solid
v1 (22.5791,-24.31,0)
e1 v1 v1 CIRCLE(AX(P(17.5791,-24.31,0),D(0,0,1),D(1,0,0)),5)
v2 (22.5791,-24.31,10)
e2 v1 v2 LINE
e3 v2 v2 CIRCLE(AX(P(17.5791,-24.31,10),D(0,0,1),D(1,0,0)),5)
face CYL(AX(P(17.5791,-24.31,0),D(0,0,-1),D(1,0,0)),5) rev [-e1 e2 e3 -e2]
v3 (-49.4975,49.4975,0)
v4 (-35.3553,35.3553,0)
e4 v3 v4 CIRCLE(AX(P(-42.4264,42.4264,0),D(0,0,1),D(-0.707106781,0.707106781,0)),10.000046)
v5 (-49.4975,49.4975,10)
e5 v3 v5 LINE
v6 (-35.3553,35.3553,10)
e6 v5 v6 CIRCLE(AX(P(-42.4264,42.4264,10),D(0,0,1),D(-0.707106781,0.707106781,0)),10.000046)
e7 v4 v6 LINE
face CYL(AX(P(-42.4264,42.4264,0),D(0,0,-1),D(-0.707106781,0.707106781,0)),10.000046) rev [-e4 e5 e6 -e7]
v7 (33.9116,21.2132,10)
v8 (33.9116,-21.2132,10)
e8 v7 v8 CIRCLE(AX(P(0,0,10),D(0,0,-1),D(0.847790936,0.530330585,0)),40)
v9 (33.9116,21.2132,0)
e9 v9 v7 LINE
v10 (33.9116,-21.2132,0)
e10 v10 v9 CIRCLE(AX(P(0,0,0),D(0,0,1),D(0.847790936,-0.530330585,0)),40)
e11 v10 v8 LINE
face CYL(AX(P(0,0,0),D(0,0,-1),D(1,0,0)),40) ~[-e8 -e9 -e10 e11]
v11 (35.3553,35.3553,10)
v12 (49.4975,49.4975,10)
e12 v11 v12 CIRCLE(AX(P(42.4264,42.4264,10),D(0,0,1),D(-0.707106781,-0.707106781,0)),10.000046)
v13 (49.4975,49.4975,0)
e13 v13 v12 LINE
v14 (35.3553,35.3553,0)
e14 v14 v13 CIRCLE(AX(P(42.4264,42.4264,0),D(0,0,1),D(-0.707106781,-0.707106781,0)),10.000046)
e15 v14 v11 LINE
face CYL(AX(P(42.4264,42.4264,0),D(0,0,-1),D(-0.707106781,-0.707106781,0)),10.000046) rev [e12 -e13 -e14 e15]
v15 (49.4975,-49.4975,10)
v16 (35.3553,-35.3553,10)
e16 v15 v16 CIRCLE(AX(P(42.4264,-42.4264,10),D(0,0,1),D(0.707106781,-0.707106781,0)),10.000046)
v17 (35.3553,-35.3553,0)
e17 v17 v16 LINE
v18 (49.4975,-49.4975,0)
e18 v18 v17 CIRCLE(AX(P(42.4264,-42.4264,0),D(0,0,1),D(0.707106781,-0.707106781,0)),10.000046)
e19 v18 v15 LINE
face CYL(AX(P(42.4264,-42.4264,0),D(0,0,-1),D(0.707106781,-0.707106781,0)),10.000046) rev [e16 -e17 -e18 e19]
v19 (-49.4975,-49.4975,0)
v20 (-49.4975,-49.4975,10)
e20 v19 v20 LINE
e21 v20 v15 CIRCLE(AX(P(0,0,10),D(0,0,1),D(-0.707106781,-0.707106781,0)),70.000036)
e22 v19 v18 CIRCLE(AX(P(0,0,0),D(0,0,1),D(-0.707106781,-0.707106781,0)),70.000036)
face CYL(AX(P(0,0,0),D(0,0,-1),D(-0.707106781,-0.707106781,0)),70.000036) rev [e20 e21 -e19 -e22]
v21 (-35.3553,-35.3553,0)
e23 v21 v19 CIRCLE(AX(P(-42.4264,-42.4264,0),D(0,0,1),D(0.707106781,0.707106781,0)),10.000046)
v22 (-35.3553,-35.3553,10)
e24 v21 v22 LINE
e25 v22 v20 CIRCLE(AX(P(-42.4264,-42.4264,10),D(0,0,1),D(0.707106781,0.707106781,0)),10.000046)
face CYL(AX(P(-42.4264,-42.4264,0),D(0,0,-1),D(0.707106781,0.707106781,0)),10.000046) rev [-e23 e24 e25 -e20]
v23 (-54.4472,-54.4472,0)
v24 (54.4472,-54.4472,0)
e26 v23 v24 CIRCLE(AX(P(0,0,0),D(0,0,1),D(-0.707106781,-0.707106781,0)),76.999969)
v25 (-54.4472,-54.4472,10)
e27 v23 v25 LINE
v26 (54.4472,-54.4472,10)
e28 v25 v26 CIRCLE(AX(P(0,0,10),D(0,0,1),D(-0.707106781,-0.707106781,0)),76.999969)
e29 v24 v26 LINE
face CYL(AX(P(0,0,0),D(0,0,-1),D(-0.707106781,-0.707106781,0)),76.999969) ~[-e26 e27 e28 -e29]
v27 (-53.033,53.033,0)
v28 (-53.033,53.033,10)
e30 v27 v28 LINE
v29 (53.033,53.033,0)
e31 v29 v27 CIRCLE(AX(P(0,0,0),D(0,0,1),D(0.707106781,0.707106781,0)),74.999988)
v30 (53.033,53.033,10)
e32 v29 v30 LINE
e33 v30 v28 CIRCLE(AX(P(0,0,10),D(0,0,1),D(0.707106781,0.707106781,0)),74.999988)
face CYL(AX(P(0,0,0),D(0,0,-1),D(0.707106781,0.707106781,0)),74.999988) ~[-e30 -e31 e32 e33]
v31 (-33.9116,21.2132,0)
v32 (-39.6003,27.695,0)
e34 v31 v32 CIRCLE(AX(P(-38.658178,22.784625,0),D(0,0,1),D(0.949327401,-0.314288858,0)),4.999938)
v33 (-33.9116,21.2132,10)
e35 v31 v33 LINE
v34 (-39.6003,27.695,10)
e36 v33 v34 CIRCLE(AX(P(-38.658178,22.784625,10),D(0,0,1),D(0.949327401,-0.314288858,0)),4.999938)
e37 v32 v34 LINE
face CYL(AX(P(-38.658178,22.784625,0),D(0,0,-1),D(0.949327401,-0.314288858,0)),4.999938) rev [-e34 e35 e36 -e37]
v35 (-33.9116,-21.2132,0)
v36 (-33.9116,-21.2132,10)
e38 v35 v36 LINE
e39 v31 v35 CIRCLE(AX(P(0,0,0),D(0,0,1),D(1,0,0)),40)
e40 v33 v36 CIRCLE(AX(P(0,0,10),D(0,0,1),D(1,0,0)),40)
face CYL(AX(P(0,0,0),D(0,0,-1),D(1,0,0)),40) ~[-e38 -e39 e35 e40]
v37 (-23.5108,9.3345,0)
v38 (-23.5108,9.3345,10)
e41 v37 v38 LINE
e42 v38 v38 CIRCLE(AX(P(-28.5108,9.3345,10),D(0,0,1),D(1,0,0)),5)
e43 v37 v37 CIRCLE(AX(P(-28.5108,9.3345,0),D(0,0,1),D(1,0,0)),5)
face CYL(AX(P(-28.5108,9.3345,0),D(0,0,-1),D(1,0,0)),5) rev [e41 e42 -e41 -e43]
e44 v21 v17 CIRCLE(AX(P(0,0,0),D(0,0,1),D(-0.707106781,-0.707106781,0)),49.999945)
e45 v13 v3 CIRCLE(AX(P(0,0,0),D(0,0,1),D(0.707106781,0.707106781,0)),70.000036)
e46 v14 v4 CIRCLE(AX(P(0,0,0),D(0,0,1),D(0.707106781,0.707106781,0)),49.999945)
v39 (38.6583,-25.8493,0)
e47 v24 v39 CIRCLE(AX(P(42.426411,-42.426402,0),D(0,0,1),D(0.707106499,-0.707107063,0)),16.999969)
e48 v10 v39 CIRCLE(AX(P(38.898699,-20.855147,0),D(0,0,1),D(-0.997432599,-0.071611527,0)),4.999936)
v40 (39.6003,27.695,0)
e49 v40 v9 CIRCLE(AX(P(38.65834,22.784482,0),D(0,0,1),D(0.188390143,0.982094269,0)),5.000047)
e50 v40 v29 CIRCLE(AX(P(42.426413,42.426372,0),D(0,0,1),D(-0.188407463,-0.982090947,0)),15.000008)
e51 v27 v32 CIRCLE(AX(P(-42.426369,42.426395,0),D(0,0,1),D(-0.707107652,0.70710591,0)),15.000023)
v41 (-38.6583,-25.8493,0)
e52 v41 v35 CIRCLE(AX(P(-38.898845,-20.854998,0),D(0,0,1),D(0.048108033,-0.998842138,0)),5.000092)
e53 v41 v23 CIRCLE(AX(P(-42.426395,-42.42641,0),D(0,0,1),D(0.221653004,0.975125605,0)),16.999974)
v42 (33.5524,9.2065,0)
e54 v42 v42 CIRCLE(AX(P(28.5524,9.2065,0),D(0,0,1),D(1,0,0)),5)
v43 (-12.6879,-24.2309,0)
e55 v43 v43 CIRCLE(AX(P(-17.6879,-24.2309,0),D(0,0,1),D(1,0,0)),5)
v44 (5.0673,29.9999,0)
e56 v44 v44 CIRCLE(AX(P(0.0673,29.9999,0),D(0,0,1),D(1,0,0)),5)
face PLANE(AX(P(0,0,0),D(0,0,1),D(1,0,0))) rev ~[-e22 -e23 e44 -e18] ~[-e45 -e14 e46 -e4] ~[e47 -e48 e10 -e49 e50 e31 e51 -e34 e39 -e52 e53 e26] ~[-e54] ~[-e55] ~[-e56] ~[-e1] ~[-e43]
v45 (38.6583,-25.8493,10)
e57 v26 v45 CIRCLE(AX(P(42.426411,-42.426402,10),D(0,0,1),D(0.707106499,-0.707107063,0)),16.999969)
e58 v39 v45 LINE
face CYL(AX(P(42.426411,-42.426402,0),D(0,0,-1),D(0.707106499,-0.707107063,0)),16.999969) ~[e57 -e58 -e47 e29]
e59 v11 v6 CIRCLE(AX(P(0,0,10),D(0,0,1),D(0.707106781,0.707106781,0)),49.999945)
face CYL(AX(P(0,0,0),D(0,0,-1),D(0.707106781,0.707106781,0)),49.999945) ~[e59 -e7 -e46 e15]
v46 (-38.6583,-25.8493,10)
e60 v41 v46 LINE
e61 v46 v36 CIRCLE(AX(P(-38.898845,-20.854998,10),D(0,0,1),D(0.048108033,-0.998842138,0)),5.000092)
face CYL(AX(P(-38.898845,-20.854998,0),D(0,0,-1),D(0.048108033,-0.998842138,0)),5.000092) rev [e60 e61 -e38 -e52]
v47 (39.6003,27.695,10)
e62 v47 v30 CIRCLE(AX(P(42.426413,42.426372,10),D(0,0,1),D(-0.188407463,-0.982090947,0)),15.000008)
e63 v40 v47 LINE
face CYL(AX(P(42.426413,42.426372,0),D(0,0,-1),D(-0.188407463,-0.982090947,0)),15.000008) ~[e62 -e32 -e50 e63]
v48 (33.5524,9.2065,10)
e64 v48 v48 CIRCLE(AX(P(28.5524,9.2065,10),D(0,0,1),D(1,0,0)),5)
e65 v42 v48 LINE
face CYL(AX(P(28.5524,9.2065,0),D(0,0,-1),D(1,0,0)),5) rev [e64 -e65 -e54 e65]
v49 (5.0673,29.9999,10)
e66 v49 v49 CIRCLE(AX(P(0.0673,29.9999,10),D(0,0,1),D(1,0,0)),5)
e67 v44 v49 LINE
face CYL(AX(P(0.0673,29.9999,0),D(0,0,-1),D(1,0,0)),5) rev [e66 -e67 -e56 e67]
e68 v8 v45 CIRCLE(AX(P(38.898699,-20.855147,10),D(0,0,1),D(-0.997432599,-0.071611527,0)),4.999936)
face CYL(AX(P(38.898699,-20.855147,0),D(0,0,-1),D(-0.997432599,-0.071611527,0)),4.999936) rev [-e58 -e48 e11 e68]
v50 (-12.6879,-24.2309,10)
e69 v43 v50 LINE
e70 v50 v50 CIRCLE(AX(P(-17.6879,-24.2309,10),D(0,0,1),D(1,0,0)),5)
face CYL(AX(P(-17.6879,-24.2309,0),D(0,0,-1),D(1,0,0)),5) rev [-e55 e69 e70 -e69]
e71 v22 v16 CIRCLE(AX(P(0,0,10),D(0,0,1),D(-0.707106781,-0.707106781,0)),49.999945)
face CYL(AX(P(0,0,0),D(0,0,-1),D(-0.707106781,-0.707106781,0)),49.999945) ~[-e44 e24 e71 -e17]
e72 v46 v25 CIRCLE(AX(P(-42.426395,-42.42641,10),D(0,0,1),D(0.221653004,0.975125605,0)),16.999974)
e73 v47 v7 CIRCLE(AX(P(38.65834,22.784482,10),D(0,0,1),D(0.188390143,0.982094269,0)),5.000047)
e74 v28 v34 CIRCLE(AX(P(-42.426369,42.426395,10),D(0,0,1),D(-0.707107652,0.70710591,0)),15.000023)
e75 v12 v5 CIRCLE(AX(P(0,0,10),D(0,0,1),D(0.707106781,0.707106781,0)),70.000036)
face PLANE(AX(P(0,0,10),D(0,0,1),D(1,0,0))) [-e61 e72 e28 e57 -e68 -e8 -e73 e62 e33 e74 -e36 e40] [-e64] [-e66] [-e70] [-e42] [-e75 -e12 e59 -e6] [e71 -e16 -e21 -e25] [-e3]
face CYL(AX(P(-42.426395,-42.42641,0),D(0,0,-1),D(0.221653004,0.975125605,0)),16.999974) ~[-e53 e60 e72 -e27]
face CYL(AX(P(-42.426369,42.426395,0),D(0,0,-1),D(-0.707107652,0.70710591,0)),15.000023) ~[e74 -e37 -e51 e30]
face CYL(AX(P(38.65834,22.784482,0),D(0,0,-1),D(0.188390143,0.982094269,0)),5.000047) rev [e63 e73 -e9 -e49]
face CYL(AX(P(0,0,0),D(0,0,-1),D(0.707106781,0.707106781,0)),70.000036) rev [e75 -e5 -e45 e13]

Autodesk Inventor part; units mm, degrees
ref_plane "YZ Plane" through (0, 0, 0) normal (1, 0, 0) x (0, 1, 0)
ref_plane "XZ Plane" through (0, 0, 0) normal (0, 1, 0) x (-1, 0, 0)
ref_plane "XY Plane" through (0, 0, 0) normal (0, 0, 1) x (1, 0, 0)
sketch "Эскиз1" plane through (0, 0, 0) normal (0, 0, 1) x (1, 0, 0)
  circle A0 centre (0, 0) radius 40
  circle A1 centre (0, 0) radius 30 construction
  line L0 (17.5791, -24.31) -> (-17.6879, -24.2309) construction
  line L1 (-17.6879, -24.2309) -> (-28.5108, 9.3345) construction
  line L2 (-28.5108, 9.3345) -> (0.0673, 29.9999) construction
  line L3 (0.0673, 29.9999) -> (28.5524, 9.2065) construction
  line L4 (28.5524, 9.2065) -> (17.5791, -24.31) construction
  circle A2 centre (-28.5108, 9.3345) radius 5
  circle A3 centre (0.0673, 29.9999) radius 5
  circle A4 centre (28.5524, 9.2065) radius 5
  circle A5 centre (17.5791, -24.31) radius 5
  circle A6 centre (-17.6879, -24.2309) radius 5
  circle A7 centre (0, 0) radius 60 construction
  line L5 (0, 0) -> (42.4264, 42.4264)
  line L6 (0, 0) -> (60, 0) construction
  line L7 (42.4264, 42.4264) -> (-42.4264, 42.4264) construction
  line L8 (-42.4264, 42.4264) -> (-42.4264, -42.4264) construction
  line L9 (42.4264, -42.4264) -> (42.4264, 42.4264) construction
  line L10 (-42.4264, -42.4264) -> (42.4264, -42.4264) construction
  arc A8 (42.4264, 42.4264) -> (-42.4264, 42.4264) centre (0, 0) ccw construction
  arc A9 (49.4975, 49.4975) -> (-49.4975, 49.4975) centre (0, 0) ccw
  arc A10 (35.3553, 35.3553) -> (-35.3553, 35.3553) centre (0, 0) ccw
  arc A11 (35.3553, 35.3553) -> (49.4975, 49.4975) centre (42.4264, 42.4264) ccw
  arc A12 (-49.4975, 49.4975) -> (-35.3553, 35.3553) centre (-42.4264, 42.4264) ccw
  arc A13 (42.4264, 42.4264) -> (-42.4264, 42.4264) centre (0, 0) ccw construction
  arc A14 (53.033, 53.033) -> (-53.033, 53.033) centre (0, 0) ccw
  arc A15 (-42.4264, -42.4264) -> (42.4264, -42.4264) centre (0, 0) ccw construction
  arc A16 (-49.4975, -49.4975) -> (49.4975, -49.4975) centre (0, 0) ccw
  arc A17 (-35.3553, -35.3553) -> (35.3553, -35.3553) centre (0, 0) ccw
  arc A18 (-35.3553, -35.3553) -> (-49.4975, -49.4975) centre (-42.4264, -42.4264) ccw
  arc A19 (49.4975, -49.4975) -> (35.3553, -35.3553) centre (42.4264, -42.4264) ccw
  arc A20 (-42.4264, -42.4264) -> (42.4264, -42.4264) centre (0, 0) ccw construction
  arc A21 (-54.4472, -54.4472) -> (54.4472, -54.4472) centre (0, 0) ccw
  arc A22 (-33.9116, 21.2132) -> (-39.6003, 27.695) centre (-38.6583, 22.7846) ccw
  arc A23 (39.6003, 27.695) -> (33.9116, 21.2132) centre (38.6583, 22.7846) ccw
  arc A24 (-38.6583, -25.8493) -> (-33.9116, -21.2132) centre (-38.8988, -20.8551) ccw
  arc A25 (33.9116, -21.2132) -> (38.6583, -25.8493) centre (38.8988, -20.8551) ccw
  arc A26 (-53.033, 53.033) -> (-39.6003, 27.695) centre (-42.4264, 42.4264) ccw
  arc A27 (39.6003, 27.695) -> (53.033, 53.033) centre (42.4264, 42.4264) ccw
  arc A28 (-38.6583, -25.8493) -> (-54.4472, -54.4472) centre (-42.4264, -42.4264) ccw
  arc A29 (54.4472, -54.4472) -> (38.6583, -25.8493) centre (42.4264, -42.4264) ccw
  dimension "d1" = 60
  dimension "d0" = 80
  dimension "d8" = 10
  dimension "d9" = 33.5165
  dimension "d22" = 120
  dimension "d23" = 60
  dimension "d24" = 45
  dimension "d25" = 20
  dimension "d27" = 20
  dimension "d29" = 5
  dimension "d31" = 5
  dimension "d32" = 5
  dimension "d33" = 5
  dimension "d34" = 2.8261
  dimension "d35" = 3.5276
  dimension "d36" = 20.8551
  dimension "d37" = 76.338
  dimension "d38" = 76.3381
  dimension "d39" = 81.0847
  dimension "d40" = 15
  dimension "d41" = 17
sketch "Эскиз2" plane through (0, 0, 0) normal (0, 0, 1) x (1, 0, 0)
  point P0 (0, 0)
extrude "Выдавливание1" add sketch "Эскиз1" along normal blind 10
properties part number "пр3дет1"
